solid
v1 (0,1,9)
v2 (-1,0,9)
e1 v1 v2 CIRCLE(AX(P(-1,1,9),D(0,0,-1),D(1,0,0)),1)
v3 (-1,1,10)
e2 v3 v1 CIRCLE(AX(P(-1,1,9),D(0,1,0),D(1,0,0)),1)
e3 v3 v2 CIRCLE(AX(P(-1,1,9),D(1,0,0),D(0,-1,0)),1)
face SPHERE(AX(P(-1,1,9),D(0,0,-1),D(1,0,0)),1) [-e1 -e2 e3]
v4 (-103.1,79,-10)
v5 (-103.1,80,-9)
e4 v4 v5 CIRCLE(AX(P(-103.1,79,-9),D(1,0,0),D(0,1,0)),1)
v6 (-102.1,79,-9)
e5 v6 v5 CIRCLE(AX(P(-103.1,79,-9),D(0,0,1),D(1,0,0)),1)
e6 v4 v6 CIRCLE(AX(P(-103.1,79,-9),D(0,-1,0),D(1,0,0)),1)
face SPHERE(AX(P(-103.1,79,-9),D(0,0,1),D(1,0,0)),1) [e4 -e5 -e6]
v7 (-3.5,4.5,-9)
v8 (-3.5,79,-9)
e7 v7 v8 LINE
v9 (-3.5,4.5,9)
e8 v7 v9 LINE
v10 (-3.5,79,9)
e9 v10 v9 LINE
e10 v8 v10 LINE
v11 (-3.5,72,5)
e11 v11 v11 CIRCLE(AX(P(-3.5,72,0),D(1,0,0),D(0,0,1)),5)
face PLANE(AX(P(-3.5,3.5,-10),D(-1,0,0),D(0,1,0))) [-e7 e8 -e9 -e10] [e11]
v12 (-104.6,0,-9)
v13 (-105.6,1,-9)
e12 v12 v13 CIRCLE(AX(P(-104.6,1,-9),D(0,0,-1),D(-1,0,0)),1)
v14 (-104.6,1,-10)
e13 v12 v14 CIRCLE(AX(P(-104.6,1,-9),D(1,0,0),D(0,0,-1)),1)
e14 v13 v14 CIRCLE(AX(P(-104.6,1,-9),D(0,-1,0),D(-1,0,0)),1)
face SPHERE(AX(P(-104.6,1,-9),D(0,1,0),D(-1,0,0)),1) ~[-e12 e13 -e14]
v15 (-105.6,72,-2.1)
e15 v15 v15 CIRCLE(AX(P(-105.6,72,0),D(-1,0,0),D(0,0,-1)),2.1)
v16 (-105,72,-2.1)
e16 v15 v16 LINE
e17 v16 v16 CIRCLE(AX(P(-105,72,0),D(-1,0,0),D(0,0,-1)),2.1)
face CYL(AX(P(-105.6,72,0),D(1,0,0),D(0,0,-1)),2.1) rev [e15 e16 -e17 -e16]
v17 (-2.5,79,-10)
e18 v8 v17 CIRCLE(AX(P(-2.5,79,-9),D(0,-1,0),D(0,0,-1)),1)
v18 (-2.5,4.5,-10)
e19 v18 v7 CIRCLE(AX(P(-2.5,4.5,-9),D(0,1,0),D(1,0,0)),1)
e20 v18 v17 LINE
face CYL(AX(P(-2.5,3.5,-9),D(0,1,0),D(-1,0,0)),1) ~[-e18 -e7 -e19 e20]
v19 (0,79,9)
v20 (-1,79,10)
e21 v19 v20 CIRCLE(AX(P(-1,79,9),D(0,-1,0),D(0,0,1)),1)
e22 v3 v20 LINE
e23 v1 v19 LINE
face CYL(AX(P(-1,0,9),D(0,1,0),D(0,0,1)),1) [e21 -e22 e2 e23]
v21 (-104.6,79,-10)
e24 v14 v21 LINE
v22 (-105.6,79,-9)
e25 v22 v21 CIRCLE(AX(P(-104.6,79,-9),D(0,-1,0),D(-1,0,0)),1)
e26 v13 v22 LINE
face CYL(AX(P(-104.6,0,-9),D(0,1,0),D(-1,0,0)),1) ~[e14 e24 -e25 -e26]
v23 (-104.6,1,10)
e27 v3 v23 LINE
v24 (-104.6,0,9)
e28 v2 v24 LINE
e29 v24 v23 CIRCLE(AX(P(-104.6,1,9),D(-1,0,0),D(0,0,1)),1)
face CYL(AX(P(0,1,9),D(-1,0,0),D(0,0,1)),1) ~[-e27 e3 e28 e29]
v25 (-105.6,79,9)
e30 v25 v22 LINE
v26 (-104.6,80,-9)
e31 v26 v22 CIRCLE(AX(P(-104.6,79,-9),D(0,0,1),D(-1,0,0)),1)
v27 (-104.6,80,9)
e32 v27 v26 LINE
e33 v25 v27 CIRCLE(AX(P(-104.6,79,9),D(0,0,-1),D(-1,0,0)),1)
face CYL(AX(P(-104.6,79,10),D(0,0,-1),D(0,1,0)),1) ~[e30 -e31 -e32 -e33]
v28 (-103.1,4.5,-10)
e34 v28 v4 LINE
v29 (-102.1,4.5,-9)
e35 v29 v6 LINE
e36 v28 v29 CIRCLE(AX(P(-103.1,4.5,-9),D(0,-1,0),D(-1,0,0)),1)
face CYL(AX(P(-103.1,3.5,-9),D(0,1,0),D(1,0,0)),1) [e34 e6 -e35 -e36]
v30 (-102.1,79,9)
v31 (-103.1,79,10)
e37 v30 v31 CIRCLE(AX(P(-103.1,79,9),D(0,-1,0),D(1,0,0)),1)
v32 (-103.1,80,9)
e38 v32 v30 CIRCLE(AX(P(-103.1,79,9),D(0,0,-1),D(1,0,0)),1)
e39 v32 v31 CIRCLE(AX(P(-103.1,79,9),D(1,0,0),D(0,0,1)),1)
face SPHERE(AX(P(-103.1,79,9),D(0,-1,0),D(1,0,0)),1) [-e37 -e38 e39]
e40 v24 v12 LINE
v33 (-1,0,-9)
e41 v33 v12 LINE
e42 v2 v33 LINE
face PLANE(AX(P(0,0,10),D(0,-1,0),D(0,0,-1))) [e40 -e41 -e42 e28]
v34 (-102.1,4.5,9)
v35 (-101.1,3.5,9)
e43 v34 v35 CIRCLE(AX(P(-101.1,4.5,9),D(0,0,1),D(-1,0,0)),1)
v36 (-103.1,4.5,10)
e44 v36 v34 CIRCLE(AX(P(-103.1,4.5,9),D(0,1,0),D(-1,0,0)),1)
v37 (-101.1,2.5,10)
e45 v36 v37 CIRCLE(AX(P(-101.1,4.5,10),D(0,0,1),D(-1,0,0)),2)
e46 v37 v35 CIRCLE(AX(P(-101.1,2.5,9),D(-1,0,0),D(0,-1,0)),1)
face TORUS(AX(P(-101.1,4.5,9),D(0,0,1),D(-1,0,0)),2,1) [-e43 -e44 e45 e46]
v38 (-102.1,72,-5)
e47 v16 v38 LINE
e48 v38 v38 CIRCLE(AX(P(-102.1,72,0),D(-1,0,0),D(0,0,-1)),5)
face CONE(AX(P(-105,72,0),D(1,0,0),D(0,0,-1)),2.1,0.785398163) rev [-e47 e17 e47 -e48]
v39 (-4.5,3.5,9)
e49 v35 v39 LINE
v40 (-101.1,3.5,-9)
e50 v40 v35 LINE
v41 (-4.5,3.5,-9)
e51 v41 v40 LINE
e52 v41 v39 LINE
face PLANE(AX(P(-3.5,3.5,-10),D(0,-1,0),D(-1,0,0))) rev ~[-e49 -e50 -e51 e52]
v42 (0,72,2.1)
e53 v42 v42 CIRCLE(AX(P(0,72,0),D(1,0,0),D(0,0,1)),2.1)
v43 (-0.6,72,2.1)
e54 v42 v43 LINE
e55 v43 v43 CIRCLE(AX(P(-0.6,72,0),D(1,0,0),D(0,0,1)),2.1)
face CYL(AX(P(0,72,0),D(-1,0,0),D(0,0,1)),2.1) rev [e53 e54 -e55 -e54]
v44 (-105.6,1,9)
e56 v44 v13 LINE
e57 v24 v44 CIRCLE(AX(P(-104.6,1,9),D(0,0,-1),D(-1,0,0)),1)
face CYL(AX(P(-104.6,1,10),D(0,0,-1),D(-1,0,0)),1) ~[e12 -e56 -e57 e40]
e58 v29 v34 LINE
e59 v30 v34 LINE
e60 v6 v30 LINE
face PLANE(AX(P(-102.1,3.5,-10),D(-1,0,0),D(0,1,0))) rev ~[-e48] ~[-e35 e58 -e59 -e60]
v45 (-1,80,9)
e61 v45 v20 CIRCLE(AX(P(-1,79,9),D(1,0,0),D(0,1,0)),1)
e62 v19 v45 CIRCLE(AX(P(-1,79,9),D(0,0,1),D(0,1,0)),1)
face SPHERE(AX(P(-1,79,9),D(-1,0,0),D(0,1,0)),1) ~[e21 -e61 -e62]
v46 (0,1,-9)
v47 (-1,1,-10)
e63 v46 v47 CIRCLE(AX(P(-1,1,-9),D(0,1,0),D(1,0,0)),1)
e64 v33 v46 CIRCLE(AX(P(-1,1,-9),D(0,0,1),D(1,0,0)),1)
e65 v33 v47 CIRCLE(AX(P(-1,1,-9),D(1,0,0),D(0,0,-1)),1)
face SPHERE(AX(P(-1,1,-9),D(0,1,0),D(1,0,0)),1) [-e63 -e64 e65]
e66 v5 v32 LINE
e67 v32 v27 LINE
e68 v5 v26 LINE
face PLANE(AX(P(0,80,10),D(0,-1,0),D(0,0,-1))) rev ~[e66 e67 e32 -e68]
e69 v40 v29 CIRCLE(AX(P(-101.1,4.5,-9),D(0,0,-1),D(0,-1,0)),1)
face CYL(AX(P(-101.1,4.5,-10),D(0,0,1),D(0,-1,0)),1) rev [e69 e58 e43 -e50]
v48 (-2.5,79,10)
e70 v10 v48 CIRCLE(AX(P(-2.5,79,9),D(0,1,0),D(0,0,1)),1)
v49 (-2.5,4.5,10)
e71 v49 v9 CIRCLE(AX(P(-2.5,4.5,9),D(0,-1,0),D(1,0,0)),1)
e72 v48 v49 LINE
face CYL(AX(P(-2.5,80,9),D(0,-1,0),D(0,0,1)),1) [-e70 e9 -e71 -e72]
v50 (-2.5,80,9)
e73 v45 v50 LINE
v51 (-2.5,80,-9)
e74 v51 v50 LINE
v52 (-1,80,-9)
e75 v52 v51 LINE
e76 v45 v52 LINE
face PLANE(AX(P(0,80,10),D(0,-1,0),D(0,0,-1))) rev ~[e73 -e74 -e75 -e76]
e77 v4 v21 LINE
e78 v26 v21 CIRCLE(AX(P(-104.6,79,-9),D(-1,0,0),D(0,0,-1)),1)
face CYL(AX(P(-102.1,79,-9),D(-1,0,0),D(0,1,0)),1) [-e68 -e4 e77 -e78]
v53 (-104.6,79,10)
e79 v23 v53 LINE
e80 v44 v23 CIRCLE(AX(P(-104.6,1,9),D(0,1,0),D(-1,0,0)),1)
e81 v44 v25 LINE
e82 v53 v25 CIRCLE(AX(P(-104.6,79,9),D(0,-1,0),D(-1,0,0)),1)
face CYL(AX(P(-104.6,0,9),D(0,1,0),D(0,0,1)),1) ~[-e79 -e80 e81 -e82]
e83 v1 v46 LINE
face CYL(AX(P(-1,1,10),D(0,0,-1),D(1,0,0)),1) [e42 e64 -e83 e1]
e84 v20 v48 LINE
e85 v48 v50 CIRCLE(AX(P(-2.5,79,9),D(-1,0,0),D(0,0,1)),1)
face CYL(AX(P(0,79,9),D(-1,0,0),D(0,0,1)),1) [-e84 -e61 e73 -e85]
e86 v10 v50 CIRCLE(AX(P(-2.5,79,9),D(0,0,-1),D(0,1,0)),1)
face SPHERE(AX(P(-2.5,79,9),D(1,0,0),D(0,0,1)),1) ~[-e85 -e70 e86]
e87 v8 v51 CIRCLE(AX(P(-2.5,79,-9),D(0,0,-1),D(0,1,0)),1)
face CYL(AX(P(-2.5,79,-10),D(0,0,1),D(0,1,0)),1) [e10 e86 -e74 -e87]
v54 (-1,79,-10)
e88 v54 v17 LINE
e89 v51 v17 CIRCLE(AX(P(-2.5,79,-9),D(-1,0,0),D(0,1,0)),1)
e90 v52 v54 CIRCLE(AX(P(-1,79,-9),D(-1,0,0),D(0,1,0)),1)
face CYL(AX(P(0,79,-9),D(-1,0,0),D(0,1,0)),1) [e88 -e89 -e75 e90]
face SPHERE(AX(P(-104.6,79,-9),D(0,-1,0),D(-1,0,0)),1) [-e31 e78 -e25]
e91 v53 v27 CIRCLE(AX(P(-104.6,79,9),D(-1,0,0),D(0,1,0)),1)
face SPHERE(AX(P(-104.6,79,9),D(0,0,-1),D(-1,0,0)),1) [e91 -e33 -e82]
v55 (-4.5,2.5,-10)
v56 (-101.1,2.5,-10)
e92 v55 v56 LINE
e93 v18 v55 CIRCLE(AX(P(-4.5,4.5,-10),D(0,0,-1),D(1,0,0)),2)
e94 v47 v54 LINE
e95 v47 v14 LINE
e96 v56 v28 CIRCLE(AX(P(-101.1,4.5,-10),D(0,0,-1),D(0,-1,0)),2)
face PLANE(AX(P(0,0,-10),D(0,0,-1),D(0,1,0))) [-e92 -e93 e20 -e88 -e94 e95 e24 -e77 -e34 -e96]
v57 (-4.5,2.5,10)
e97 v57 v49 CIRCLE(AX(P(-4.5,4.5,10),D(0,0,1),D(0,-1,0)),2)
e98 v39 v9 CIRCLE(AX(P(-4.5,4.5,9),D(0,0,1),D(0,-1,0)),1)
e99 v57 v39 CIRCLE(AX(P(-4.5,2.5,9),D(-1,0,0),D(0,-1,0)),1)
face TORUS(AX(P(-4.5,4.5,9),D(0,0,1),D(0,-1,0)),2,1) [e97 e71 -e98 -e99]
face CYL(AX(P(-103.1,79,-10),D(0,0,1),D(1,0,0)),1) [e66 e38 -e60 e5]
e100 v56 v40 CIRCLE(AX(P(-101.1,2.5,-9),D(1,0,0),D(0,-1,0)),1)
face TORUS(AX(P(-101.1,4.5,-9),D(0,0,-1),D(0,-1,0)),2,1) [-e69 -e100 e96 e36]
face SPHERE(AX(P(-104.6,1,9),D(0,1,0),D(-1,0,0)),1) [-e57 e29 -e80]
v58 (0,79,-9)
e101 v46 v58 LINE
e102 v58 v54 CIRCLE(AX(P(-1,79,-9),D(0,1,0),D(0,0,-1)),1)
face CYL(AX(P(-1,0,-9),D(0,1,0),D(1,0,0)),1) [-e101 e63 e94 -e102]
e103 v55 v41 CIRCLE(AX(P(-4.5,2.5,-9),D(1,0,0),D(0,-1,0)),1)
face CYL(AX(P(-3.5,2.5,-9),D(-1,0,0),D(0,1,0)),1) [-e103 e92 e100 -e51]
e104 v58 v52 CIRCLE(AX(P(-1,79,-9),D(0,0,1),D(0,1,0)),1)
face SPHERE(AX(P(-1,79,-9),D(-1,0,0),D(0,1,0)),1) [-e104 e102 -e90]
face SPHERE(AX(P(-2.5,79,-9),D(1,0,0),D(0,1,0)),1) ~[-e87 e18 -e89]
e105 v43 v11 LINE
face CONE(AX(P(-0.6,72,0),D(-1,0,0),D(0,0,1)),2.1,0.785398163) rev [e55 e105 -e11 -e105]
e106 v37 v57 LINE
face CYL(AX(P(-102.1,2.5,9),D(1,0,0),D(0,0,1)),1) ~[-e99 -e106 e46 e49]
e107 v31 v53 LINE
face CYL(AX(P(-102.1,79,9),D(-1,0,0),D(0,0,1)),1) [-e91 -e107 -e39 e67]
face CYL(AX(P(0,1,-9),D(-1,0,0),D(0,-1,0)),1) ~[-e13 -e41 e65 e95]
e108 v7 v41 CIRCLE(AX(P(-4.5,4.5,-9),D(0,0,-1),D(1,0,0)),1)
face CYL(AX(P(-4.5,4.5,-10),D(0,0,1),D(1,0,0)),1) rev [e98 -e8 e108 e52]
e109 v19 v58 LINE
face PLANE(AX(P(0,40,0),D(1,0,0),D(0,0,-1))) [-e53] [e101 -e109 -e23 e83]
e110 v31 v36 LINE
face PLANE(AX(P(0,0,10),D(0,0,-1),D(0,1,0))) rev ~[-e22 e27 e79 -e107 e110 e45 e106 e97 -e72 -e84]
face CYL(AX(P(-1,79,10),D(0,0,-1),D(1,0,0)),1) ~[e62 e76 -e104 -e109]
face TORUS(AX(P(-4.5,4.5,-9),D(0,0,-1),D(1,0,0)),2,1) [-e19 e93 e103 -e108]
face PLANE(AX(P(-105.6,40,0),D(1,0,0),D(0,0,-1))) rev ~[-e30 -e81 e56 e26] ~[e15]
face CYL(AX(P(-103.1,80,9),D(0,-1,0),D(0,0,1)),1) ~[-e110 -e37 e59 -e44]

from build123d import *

# Parameters (mm, degrees)
SKETCH1_W           = 20
SKETCH1_H           = 80
BOSS_EXTRUDE1_DEPTH = 105.6
CUT_EXTRUDE1_REACH  = 135.983
SKETCH2_W           = 98.6
SKETCH2_H           = 76.5
FILLET1_R           = 1


with BuildPart() as part:
    # Sketch1 → Boss-Extrude1 (new body)
    with BuildSketch(Plane(origin=(0, 0, 0), x_dir=(0, 0, -1), z_dir=(1, 0, 0))):
        with Locations((0, 40)):
            Rectangle(SKETCH1_W, SKETCH1_H)
    extrude(amount=-BOSS_EXTRUDE1_DEPTH)

    # Sketch2 → Cut-Extrude1 (cut, up to next)
    with BuildSketch(Plane(origin=(0, 0, -10), x_dir=(-1, 0, 0), z_dir=(0, 0, -1)), mode=Mode.PRIVATE) as cut_extrude1_sk1:
        with Locations((52.8, 41.75)):
            Rectangle(SKETCH2_W, SKETCH2_H)
    cut_extrude1_tool1 = extrude(cut_extrude1_sk1.sketch, amount=-CUT_EXTRUDE1_REACH, mode=Mode.PRIVATE) & part.part
    add(cut_extrude1_tool1.solids().sort_by_distance((-52.8, 41.75, -10))[0], mode=Mode.SUBTRACT)

    # Sketch4 → M5 Tapped Hole2 (revolve, cut)
    with BuildSketch(Plane(origin=(-102.1, 72, 0), x_dir=(0, 0, -1), z_dir=(0, 1, 0))):
        Polygon((0, 0), (0, 3.5), (2.1, 3.5), (2.1, 2.9), (5, 0), align=None)
    revolve(axis=Axis((-95.75, 72, 0), (-1, 0, 0)), mode=Mode.SUBTRACT)

    # Sketch15 → M5 Tapped Hole1 (revolve, cut)
    with BuildSketch(Plane(origin=(-3.5, 72, 0), x_dir=(0, 0, 1), z_dir=(0, 1, 0))):
        Polygon((0, 0), (0, 3.5), (2.1, 3.5), (2.1, 2.9), (5, 0), align=None)
    revolve(axis=Axis((-9.85, 72, 0), (1, 0, 0)), mode=Mode.SUBTRACT)

    # Fillet1
    fillet1_edges = [part.edges().sort_by_distance(p)[0] for p in [
        (-105.6, 40, -10),
        (-105.6, 80, 0),
        (-1.75, 80, -10),
        (-1.75, 80, 10),
        (-3.5, 41.75, 10),
        (-3.5, 3.5, 0),
        (-3.5, 80, 0),
        (-102.1, 41.75, 10),
        (-102.1, 80, 0),
        (-52.8, 3.5, 10),
        (-102.1, 3.5, 0),
        (-3.5, 41.75, -10),
        (-52.8, 3.5, -10),
        (-102.1, 41.75, -10),
        (-105.6, 40, 10),
        (0, 80, 0),
        (0, 40, -10),
        (0, 0, 0),
        (0, 40, 10),
        (-105.6, 0, 0),
        (-103.85, 80, 10),
        (-103.85, 80, -10),
        (-52.8, 0, -10),
        (-52.8, 0, 10),
    ]]
    fillet(fillet1_edges, radius=FILLET1_R)


solid = part.part
